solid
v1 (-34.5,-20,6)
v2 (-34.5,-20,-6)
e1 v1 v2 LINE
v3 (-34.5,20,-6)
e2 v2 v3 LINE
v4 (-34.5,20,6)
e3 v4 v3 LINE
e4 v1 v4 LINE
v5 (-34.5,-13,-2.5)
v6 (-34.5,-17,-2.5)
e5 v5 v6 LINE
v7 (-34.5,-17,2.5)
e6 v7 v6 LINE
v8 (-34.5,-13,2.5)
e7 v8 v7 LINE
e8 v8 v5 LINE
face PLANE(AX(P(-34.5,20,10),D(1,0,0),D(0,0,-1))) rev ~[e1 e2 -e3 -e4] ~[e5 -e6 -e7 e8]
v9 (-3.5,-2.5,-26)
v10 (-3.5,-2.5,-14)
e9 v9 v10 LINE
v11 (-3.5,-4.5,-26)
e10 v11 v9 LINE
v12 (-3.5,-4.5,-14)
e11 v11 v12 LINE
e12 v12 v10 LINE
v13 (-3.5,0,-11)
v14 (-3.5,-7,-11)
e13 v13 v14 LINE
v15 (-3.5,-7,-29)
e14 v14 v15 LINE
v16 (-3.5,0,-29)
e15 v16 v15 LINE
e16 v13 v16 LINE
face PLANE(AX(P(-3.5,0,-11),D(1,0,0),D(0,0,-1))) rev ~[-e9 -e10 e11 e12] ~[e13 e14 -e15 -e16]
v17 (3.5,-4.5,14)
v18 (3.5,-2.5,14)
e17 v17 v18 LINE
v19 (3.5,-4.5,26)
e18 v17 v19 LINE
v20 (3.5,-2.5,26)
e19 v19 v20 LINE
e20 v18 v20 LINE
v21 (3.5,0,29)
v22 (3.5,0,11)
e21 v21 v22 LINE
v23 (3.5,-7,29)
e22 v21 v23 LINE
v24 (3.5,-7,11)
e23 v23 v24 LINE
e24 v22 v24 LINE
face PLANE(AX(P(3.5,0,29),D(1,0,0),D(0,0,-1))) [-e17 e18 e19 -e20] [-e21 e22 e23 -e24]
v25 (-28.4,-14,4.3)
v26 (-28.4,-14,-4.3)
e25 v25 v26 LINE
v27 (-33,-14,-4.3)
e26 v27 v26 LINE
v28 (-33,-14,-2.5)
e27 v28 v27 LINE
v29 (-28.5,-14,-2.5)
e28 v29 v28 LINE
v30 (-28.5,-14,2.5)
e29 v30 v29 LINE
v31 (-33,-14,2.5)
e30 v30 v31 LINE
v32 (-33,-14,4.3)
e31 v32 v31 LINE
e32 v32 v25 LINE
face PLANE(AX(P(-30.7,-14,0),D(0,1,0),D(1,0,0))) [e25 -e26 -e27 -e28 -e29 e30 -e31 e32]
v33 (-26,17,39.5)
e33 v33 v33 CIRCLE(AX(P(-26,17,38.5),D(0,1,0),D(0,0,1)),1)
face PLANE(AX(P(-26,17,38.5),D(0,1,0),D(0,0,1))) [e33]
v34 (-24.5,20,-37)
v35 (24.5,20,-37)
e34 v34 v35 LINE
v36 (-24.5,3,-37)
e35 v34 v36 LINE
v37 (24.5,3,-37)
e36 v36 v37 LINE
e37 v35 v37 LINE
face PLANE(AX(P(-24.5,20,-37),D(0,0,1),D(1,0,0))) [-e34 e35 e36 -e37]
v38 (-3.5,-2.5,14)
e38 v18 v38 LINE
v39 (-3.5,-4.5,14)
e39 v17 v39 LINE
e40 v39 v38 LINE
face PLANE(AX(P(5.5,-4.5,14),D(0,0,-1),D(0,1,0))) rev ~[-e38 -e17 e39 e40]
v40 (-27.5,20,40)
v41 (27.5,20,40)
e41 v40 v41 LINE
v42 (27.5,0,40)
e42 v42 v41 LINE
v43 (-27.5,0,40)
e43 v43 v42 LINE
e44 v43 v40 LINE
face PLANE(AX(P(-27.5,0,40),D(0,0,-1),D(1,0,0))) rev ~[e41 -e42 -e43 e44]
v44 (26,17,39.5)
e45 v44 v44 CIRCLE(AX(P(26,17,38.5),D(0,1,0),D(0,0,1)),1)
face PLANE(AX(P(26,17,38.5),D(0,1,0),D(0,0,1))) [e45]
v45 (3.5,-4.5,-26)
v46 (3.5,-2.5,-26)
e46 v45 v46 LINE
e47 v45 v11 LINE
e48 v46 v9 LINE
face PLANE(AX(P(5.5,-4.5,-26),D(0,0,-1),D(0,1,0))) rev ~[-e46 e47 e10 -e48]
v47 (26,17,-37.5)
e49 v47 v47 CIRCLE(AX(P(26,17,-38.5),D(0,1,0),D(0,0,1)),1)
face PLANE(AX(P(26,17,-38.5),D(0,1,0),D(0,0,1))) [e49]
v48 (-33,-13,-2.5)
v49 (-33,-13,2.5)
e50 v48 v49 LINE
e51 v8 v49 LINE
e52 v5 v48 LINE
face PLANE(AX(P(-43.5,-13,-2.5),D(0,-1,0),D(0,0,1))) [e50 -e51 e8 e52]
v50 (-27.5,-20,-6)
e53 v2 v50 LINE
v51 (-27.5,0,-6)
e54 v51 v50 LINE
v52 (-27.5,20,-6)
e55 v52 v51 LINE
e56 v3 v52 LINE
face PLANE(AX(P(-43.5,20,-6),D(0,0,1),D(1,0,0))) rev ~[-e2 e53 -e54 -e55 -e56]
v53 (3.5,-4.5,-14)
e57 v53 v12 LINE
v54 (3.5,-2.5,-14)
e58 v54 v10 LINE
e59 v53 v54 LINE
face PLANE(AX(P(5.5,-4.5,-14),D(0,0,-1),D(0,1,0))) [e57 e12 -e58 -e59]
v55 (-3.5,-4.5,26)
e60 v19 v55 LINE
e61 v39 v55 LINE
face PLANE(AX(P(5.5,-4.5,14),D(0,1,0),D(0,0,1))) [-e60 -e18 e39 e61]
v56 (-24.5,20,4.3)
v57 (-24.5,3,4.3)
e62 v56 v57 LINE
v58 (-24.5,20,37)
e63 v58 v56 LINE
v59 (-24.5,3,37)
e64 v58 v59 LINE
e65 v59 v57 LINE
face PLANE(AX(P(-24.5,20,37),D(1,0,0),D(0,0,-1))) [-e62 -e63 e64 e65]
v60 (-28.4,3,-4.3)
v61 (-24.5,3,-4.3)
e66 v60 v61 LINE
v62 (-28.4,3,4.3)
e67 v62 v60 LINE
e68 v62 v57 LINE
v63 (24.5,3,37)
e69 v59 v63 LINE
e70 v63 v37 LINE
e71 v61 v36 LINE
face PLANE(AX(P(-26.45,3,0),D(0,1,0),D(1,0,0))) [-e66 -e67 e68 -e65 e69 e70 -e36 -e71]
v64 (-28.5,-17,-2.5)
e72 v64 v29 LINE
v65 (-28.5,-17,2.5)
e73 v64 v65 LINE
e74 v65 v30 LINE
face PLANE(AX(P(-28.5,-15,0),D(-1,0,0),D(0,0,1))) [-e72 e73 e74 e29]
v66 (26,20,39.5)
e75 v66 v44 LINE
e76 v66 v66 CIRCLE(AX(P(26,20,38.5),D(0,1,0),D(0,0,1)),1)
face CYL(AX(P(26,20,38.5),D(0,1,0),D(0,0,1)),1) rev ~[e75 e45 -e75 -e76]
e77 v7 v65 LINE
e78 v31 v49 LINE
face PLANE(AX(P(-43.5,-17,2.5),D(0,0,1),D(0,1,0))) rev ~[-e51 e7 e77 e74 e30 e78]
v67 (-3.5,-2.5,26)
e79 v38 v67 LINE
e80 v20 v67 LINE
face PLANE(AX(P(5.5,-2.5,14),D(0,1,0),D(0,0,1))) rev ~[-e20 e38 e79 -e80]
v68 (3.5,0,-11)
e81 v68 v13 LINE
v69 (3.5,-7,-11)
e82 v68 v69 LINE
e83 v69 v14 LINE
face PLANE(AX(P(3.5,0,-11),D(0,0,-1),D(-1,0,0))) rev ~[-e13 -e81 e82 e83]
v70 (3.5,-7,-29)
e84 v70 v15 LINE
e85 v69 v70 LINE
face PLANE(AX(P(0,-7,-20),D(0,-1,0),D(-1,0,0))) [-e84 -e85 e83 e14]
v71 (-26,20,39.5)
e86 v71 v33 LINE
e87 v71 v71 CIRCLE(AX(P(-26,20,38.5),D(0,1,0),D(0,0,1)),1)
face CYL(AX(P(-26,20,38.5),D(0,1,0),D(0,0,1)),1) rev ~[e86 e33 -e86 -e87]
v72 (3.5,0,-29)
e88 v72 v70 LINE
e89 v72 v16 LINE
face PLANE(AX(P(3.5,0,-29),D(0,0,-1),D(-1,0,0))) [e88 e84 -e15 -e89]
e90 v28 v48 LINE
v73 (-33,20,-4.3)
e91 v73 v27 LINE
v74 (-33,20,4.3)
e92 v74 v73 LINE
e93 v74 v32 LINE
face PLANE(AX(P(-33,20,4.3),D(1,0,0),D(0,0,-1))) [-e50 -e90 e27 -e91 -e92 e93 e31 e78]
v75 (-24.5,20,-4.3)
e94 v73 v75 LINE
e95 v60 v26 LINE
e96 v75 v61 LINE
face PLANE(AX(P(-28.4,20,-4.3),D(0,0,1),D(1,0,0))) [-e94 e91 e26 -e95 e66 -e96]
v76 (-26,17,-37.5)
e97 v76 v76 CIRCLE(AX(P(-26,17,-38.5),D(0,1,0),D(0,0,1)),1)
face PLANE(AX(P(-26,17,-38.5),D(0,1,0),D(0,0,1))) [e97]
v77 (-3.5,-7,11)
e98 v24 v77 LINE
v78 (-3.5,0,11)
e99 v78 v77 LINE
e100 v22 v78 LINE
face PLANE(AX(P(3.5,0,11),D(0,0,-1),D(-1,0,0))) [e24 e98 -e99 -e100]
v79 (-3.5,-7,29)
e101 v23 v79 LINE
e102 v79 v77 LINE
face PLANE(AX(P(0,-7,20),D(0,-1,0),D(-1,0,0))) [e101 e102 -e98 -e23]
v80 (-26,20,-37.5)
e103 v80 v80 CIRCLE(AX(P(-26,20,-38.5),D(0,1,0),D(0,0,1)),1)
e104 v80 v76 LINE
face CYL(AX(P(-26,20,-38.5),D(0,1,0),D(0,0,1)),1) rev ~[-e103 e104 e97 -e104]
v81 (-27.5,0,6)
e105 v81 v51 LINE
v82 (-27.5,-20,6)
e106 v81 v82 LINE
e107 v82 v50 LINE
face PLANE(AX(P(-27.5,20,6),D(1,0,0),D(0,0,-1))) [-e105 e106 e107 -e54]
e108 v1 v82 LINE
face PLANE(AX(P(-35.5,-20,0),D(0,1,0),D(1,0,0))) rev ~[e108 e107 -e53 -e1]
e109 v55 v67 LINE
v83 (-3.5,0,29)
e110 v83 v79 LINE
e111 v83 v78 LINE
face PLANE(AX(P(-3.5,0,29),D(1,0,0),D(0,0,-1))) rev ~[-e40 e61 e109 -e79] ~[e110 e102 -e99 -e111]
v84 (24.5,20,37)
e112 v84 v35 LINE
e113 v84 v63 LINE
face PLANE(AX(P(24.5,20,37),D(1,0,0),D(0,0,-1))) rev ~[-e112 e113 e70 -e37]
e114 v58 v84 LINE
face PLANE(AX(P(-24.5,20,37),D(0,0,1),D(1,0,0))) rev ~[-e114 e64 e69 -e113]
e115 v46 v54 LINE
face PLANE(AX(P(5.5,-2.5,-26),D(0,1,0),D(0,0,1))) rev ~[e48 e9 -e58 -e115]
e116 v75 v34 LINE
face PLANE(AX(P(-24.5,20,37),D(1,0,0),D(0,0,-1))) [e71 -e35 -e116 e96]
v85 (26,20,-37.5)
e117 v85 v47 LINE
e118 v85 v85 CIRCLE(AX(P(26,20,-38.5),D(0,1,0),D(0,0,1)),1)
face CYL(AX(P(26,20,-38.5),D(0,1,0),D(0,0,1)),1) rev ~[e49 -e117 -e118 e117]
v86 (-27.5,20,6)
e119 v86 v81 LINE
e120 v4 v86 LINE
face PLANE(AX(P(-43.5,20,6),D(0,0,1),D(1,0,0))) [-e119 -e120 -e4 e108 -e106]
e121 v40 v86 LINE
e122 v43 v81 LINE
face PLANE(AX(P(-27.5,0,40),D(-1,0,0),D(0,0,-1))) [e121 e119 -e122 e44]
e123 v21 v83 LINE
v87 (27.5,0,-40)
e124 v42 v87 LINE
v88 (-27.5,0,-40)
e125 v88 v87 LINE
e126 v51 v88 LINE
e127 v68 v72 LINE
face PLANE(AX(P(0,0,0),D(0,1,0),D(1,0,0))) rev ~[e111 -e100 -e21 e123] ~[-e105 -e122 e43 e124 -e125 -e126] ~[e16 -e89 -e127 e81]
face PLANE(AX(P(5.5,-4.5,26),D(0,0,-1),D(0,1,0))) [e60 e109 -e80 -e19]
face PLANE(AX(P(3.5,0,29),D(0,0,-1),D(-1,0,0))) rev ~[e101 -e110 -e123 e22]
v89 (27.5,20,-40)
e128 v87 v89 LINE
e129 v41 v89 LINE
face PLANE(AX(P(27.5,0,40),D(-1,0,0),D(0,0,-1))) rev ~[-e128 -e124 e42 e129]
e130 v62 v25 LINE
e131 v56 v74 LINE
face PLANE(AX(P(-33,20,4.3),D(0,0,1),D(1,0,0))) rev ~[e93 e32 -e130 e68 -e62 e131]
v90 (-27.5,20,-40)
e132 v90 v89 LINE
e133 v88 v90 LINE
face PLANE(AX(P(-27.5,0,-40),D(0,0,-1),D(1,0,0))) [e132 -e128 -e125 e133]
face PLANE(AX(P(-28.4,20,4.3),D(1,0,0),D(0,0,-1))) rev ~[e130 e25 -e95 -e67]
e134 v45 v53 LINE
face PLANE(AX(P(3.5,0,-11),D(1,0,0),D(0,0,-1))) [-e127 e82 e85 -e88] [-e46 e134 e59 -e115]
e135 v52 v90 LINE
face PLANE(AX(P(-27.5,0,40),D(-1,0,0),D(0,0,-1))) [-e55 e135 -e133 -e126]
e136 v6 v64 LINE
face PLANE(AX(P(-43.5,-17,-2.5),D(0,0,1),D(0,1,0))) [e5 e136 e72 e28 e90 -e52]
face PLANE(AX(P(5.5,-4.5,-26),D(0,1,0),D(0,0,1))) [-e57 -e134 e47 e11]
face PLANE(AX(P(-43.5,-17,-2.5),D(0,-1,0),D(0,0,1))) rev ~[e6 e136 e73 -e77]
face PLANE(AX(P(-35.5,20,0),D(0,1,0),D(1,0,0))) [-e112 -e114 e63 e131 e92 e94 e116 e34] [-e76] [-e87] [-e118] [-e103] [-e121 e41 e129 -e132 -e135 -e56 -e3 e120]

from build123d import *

# Parameters (mm, degrees)
SKETCH1_W               = 55
SKETCH1_H               = 80
BOSS_EXTRUDE1_DEPTH     = 20
SKETCH2_W               = 49
SKETCH2_H               = 74
CUT_EXTRUDE1_DEPTH      = 17
SKETCH4_W               = 16
SKETCH4_H               = 12
BOSS_EXTRUDE2_DEPTH     = 40
SKETCH6_W               = 18
SKETCH6_H               = 20
CUT_EXTRUDE2_DEPTH      = 43
SKETCH5_W               = 5
SKETCH5_H               = 4
CUT_EXTRUDE3_DEPTH      = 15
SKETCH7_W               = 4.6
SKETCH7_H               = 8.6
CUT_EXTRUDE6_DEPTH      = 34
SKETCH9_W               = 3.9
SKETCH9_H               = 8.6
CUT_EXTRUDE7_DEPTH      = 17
SKETCH10_R              = 1
CUT_EXTRUDE8_DEPTH      = 3
SKETCH13_W              = 7
SKETCH13_H              = 18
BOSS_EXTRUDE3_DEPTH     = 7
CUT_EXTRUDE9_DEPTH      = 3
CUT_EXTRUDE9_DEPTH_BACK = 9
SKETCH14_W              = 12
SKETCH14_H              = 2


with BuildPart() as part:
    # Sketch1 → Boss-Extrude1 (new body)
    with BuildSketch(Plane(origin=(0, 0, 0), x_dir=(1, 0, 0), z_dir=(0, 1, 0))):
        Rectangle(SKETCH1_W, SKETCH1_H)
    extrude(amount=BOSS_EXTRUDE1_DEPTH)

    # Sketch2 → Cut-Extrude1 (cut)
    with BuildSketch(Plane(origin=(0, 20, 0), x_dir=(1, 0, 0), z_dir=(0, 1, 0))):
        Rectangle(SKETCH2_W, SKETCH2_H)
    extrude(amount=-CUT_EXTRUDE1_DEPTH, mode=Mode.SUBTRACT)

    # Sketch4 → Boss-Extrude2 (add)
    with BuildSketch(Plane(origin=(0, 20, 0), x_dir=(1, 0, 0), z_dir=(0, 1, 0))):
        with Locations((-35.5, 0)):
            Rectangle(SKETCH4_W, SKETCH4_H)
    extrude(amount=-BOSS_EXTRUDE2_DEPTH)

    # Sketch6 → Cut-Extrude2 (cut)
    with BuildSketch(Plane(origin=(0, 20, 0), x_dir=(1, 0, 0), z_dir=(0, 1, 0))):
        with Locations((-43.5, 0)):
            Rectangle(SKETCH6_W, SKETCH6_H)
    extrude(amount=-CUT_EXTRUDE2_DEPTH, mode=Mode.SUBTRACT)

    # Sketch5 → Cut-Extrude3 (cut)
    with BuildSketch(Plane.ZY.offset(43.5)):
        with Locations((0, -15)):
            Rectangle(SKETCH5_W, SKETCH5_H)
    extrude(amount=-CUT_EXTRUDE3_DEPTH, mode=Mode.SUBTRACT)

    # Sketch7 → Cut-Extrude6 (cut)
    with BuildSketch(Plane(origin=(0, 20, 0), x_dir=(1, 0, 0), z_dir=(0, 1, 0))):
        with Locations((-30.7, 0)):
            Rectangle(SKETCH7_W, SKETCH7_H)
    extrude(amount=-CUT_EXTRUDE6_DEPTH, mode=Mode.SUBTRACT)

    # Sketch9 → Cut-Extrude7 (cut)
    with BuildSketch(Plane(origin=(0, 20, 0), x_dir=(1, 0, 0), z_dir=(0, 1, 0))):
        with Locations((-26.45, 0)):
            Rectangle(SKETCH9_W, SKETCH9_H)
    extrude(amount=-CUT_EXTRUDE7_DEPTH, mode=Mode.SUBTRACT)

    # Sketch10 → Cut-Extrude8 (cut)
    with BuildSketch(Plane(origin=(0, 20, 0), x_dir=(1, 0, 0), z_dir=(0, 1, 0))):
        with Locations(Location((-26, -38.5, 0), (0, 0, 270))):
            Circle(SKETCH10_R)
        with Locations(Location((26, -38.5, 0), (0, 0, 270))):
            Circle(SKETCH10_R)
        with Locations(Location((26, 38.5, 0), (0, 0, 270))):
            Circle(SKETCH10_R)
        with Locations(Location((-26, 38.5, 0), (0, 0, 270))):
            Circle(SKETCH10_R)
    extrude(amount=-CUT_EXTRUDE8_DEPTH, mode=Mode.SUBTRACT)

    # Sketch13 → Boss-Extrude3 (add)
    with BuildSketch(Plane(origin=(0, 0, 0), x_dir=(-1, 0, 0), z_dir=(0, -1, 0))):
        with Locations((0, 20)):
            Rectangle(SKETCH13_W, SKETCH13_H)
        with Locations((0, -20)):
            Rectangle(SKETCH13_W, SKETCH13_H)
    extrude(amount=BOSS_EXTRUDE3_DEPTH)

    # Sketch14 → Cut-Extrude9 (cut, two sides: drawn at the far end of the back side and taken through both)
    with BuildSketch(Plane.ZY.offset(3.5).offset(-CUT_EXTRUDE9_DEPTH_BACK)):
        with Locations((-20, -3.5)):
            Rectangle(SKETCH14_W, SKETCH14_H)
        with Locations((20, -3.5)):
            Rectangle(SKETCH14_W, SKETCH14_H)
    extrude(amount=CUT_EXTRUDE9_DEPTH + CUT_EXTRUDE9_DEPTH_BACK, mode=Mode.SUBTRACT)


solid = part.part
